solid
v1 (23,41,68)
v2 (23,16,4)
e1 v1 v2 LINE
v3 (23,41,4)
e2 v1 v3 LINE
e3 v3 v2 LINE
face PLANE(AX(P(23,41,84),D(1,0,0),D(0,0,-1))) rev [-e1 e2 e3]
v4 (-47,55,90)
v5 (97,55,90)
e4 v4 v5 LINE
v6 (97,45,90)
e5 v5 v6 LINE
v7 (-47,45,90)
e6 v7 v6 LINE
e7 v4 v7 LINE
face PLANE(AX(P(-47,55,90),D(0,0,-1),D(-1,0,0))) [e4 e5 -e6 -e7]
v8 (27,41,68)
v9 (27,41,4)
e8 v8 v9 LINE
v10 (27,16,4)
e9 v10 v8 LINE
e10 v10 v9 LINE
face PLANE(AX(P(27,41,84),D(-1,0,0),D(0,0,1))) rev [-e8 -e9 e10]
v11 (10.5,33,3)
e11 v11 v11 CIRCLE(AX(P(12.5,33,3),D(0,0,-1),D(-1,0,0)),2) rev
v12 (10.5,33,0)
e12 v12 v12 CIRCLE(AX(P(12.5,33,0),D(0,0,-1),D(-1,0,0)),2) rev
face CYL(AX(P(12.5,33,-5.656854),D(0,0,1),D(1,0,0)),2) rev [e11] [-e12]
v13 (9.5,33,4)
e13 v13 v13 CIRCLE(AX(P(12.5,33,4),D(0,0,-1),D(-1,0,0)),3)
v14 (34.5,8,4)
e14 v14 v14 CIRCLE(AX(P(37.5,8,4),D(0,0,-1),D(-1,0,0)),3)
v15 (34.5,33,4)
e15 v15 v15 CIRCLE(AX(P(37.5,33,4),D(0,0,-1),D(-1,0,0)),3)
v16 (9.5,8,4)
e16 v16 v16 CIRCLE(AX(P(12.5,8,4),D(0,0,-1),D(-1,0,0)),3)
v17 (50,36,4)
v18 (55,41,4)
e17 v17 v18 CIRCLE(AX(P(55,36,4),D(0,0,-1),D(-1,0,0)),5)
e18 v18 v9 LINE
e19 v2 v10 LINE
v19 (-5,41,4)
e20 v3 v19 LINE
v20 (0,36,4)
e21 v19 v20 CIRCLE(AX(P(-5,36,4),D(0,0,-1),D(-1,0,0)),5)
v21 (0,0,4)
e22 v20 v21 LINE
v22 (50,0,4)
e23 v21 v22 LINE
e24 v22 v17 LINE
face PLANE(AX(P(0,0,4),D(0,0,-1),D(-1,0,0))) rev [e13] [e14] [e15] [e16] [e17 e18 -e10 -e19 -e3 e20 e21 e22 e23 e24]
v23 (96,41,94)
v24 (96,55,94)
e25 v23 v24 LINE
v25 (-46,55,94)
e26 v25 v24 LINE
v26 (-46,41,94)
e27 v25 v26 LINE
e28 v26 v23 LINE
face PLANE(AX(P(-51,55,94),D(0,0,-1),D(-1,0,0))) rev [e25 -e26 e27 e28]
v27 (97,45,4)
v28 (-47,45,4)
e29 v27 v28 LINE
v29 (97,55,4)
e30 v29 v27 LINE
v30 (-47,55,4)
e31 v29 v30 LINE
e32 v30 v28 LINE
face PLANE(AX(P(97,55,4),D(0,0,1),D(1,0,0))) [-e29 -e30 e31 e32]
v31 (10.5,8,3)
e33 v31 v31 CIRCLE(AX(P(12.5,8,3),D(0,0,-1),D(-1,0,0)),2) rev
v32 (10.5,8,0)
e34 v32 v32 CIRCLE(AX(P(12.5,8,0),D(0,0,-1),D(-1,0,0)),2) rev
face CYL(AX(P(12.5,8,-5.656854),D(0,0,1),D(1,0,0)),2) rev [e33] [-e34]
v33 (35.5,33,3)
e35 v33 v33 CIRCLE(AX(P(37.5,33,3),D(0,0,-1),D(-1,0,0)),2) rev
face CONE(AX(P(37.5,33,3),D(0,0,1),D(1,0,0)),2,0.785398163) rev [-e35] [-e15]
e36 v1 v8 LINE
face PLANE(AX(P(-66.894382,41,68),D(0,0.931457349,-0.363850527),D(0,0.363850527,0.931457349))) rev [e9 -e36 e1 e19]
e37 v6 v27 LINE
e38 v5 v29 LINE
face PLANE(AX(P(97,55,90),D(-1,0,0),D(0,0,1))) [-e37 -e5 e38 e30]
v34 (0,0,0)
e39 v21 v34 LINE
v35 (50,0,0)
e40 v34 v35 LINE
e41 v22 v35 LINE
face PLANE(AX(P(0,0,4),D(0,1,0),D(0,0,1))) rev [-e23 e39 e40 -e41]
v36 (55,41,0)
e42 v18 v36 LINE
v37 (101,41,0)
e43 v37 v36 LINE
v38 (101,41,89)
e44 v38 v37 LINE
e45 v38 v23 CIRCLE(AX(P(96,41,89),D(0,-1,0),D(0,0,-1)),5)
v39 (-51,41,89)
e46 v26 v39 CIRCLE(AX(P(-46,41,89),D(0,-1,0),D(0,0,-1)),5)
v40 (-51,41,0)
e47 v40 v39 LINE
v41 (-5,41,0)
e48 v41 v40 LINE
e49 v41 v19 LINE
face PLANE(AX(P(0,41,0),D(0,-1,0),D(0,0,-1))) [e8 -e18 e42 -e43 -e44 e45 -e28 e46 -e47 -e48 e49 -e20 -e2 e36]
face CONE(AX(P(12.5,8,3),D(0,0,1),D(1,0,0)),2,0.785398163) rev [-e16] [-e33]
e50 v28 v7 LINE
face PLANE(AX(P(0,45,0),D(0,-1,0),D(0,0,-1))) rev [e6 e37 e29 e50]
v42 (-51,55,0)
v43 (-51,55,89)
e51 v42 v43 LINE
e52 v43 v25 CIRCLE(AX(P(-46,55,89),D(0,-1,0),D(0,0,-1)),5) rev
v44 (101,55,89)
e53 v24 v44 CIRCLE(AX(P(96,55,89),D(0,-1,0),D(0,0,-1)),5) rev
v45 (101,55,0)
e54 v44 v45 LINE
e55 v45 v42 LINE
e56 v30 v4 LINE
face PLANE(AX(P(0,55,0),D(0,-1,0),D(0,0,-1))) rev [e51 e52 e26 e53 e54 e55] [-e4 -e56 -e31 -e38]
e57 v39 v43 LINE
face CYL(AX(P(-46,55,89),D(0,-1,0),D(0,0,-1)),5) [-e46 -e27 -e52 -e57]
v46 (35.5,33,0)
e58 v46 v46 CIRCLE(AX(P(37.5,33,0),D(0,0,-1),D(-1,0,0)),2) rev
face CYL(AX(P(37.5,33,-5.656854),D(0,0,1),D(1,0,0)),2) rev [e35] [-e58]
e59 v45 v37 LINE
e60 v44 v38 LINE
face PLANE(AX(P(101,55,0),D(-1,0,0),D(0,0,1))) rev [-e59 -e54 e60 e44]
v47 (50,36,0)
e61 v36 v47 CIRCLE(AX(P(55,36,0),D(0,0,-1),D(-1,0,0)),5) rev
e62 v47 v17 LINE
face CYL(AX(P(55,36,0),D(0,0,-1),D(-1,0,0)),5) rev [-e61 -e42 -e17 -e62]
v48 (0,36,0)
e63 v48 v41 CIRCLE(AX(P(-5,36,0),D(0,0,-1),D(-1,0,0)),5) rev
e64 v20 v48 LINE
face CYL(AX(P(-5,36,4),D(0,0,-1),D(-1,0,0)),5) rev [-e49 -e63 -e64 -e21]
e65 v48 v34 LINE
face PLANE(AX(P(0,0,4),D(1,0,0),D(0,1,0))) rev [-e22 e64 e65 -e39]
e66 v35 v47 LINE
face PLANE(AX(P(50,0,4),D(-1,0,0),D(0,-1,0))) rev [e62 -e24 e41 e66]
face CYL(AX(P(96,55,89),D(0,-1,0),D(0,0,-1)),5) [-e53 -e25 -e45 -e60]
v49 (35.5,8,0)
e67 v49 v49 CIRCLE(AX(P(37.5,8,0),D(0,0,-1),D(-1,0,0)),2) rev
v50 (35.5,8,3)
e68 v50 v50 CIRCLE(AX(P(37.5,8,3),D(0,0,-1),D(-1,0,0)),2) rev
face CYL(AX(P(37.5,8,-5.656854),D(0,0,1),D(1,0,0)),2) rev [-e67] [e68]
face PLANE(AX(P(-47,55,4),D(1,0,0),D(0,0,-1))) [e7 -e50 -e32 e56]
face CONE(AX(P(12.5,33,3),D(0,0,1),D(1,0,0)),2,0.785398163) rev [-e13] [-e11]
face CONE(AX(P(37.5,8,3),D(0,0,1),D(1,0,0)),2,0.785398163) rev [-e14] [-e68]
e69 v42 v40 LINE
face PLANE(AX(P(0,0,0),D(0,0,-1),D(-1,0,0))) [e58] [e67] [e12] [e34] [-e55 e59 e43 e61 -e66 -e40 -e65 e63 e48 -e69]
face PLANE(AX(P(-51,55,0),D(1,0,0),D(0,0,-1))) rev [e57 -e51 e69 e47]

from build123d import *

# Parameters (mm, degrees)
SKETCH2_W           = 50
SKETCH2_H           = 41
BOSS_EXTRUDE1_DEPTH = 4
SKETCH4_W           = 152
SKETCH4_H           = 94
BOSS_EXTRUDE2_DEPTH = 14
CUT_EXTRUDE1_DEPTH  = 10
FILLET1_R           = 5
SKETCH5_W           = 4
SKETCH5_H           = 41
BOSS_EXTRUDE3_DEPTH = 80
CUT_EXTRUDE2_DEPTH  = 4
SKETCH7_R           = 2
CUT_EXTRUDE3_DEPTH  = 4
CHAMFER1_SIZE       = 1
FILLET2_R           = 5


with BuildPart() as part:
    # Sketch2 → Boss-Extrude1 (new body)
    with BuildSketch(Plane.XY):
        with Locations((25, 20.5)):
            Rectangle(SKETCH2_W, SKETCH2_H)
    extrude(amount=BOSS_EXTRUDE1_DEPTH)

    # Sketch4 → Boss-Extrude2 (add)
    with BuildSketch(Plane(origin=(0, 41, 0), x_dir=(1, 0, 0), z_dir=(0, 1, 0))):
        with Locations((25, -47)):
            Rectangle(SKETCH4_W, SKETCH4_H)
    extrude(amount=BOSS_EXTRUDE2_DEPTH)

    # 3DSketch1 → Cut-Extrude1 (cut)
    with BuildSketch(Plane(origin=(97, 55, 90), x_dir=(-0.8585432690668222, 0, -0.512741119026019), z_dir=(0, -1, 0))):
        Polygon((0, 0), (44.095736236, 73.83472114), (167.725966982, 0), (123.630230746, -73.83472114), align=None)
    extrude(amount=CUT_EXTRUDE1_DEPTH, mode=Mode.SUBTRACT)

    # Fillet1
    fillet1_edges = [part.edges().sort_by_distance(p)[0] for p in [
        (-51, 48, 94),
        (101, 48, 94),
    ]]
    fillet(fillet1_edges, radius=FILLET1_R)

    # Sketch5 → Boss-Extrude3 (add)
    with BuildSketch(Plane.XY.offset(4)):
        with Locations((25, 20.5)):
            Rectangle(SKETCH5_W, SKETCH5_H)
    extrude(amount=BOSS_EXTRUDE3_DEPTH)

    # Sketch6 → Cut-Extrude2 (cut)
    with BuildSketch(Plane(origin=(27, 0, 0), x_dir=(0, 0, -1), z_dir=(1, 0, 0))):
        Polygon((-4, 0), (-84, 0), (-84, 41), (-68, 41), (-4, 16), align=None)
    extrude(amount=-CUT_EXTRUDE2_DEPTH, mode=Mode.SUBTRACT)

    # Sketch7 → Cut-Extrude3 (cut)
    with BuildSketch(Plane.XY.offset(4)):
        with Locations((12.5, 8)):
            Circle(SKETCH7_R)
        with Locations((37.5, 8)):
            Circle(SKETCH7_R)
        with Locations(Location((37.5, 33, 0), (0, 0, 180))):
            Circle(SKETCH7_R)
        with Locations(Location((12.5, 33, 0), (0, 0, 180))):
            Circle(SKETCH7_R)
    extrude(amount=-CUT_EXTRUDE3_DEPTH, mode=Mode.SUBTRACT)

    # Chamfer1
    chamfer1_edges = [part.edges().sort_by_distance(p)[0] for p in [
        (10.5, 8, 4),
        (14.5, 33, 4),
        (39.5, 33, 4),
        (35.5, 8, 4),
    ]]
    chamfer(chamfer1_edges, length=CHAMFER1_SIZE)

    # Fillet2
    fillet2_edges = [part.edges().sort_by_distance(p)[0] for p in [
        (0, 41, 2),
        (50, 41, 2),
    ]]
    fillet(fillet2_edges, radius=FILLET2_R)


solid = part.part
